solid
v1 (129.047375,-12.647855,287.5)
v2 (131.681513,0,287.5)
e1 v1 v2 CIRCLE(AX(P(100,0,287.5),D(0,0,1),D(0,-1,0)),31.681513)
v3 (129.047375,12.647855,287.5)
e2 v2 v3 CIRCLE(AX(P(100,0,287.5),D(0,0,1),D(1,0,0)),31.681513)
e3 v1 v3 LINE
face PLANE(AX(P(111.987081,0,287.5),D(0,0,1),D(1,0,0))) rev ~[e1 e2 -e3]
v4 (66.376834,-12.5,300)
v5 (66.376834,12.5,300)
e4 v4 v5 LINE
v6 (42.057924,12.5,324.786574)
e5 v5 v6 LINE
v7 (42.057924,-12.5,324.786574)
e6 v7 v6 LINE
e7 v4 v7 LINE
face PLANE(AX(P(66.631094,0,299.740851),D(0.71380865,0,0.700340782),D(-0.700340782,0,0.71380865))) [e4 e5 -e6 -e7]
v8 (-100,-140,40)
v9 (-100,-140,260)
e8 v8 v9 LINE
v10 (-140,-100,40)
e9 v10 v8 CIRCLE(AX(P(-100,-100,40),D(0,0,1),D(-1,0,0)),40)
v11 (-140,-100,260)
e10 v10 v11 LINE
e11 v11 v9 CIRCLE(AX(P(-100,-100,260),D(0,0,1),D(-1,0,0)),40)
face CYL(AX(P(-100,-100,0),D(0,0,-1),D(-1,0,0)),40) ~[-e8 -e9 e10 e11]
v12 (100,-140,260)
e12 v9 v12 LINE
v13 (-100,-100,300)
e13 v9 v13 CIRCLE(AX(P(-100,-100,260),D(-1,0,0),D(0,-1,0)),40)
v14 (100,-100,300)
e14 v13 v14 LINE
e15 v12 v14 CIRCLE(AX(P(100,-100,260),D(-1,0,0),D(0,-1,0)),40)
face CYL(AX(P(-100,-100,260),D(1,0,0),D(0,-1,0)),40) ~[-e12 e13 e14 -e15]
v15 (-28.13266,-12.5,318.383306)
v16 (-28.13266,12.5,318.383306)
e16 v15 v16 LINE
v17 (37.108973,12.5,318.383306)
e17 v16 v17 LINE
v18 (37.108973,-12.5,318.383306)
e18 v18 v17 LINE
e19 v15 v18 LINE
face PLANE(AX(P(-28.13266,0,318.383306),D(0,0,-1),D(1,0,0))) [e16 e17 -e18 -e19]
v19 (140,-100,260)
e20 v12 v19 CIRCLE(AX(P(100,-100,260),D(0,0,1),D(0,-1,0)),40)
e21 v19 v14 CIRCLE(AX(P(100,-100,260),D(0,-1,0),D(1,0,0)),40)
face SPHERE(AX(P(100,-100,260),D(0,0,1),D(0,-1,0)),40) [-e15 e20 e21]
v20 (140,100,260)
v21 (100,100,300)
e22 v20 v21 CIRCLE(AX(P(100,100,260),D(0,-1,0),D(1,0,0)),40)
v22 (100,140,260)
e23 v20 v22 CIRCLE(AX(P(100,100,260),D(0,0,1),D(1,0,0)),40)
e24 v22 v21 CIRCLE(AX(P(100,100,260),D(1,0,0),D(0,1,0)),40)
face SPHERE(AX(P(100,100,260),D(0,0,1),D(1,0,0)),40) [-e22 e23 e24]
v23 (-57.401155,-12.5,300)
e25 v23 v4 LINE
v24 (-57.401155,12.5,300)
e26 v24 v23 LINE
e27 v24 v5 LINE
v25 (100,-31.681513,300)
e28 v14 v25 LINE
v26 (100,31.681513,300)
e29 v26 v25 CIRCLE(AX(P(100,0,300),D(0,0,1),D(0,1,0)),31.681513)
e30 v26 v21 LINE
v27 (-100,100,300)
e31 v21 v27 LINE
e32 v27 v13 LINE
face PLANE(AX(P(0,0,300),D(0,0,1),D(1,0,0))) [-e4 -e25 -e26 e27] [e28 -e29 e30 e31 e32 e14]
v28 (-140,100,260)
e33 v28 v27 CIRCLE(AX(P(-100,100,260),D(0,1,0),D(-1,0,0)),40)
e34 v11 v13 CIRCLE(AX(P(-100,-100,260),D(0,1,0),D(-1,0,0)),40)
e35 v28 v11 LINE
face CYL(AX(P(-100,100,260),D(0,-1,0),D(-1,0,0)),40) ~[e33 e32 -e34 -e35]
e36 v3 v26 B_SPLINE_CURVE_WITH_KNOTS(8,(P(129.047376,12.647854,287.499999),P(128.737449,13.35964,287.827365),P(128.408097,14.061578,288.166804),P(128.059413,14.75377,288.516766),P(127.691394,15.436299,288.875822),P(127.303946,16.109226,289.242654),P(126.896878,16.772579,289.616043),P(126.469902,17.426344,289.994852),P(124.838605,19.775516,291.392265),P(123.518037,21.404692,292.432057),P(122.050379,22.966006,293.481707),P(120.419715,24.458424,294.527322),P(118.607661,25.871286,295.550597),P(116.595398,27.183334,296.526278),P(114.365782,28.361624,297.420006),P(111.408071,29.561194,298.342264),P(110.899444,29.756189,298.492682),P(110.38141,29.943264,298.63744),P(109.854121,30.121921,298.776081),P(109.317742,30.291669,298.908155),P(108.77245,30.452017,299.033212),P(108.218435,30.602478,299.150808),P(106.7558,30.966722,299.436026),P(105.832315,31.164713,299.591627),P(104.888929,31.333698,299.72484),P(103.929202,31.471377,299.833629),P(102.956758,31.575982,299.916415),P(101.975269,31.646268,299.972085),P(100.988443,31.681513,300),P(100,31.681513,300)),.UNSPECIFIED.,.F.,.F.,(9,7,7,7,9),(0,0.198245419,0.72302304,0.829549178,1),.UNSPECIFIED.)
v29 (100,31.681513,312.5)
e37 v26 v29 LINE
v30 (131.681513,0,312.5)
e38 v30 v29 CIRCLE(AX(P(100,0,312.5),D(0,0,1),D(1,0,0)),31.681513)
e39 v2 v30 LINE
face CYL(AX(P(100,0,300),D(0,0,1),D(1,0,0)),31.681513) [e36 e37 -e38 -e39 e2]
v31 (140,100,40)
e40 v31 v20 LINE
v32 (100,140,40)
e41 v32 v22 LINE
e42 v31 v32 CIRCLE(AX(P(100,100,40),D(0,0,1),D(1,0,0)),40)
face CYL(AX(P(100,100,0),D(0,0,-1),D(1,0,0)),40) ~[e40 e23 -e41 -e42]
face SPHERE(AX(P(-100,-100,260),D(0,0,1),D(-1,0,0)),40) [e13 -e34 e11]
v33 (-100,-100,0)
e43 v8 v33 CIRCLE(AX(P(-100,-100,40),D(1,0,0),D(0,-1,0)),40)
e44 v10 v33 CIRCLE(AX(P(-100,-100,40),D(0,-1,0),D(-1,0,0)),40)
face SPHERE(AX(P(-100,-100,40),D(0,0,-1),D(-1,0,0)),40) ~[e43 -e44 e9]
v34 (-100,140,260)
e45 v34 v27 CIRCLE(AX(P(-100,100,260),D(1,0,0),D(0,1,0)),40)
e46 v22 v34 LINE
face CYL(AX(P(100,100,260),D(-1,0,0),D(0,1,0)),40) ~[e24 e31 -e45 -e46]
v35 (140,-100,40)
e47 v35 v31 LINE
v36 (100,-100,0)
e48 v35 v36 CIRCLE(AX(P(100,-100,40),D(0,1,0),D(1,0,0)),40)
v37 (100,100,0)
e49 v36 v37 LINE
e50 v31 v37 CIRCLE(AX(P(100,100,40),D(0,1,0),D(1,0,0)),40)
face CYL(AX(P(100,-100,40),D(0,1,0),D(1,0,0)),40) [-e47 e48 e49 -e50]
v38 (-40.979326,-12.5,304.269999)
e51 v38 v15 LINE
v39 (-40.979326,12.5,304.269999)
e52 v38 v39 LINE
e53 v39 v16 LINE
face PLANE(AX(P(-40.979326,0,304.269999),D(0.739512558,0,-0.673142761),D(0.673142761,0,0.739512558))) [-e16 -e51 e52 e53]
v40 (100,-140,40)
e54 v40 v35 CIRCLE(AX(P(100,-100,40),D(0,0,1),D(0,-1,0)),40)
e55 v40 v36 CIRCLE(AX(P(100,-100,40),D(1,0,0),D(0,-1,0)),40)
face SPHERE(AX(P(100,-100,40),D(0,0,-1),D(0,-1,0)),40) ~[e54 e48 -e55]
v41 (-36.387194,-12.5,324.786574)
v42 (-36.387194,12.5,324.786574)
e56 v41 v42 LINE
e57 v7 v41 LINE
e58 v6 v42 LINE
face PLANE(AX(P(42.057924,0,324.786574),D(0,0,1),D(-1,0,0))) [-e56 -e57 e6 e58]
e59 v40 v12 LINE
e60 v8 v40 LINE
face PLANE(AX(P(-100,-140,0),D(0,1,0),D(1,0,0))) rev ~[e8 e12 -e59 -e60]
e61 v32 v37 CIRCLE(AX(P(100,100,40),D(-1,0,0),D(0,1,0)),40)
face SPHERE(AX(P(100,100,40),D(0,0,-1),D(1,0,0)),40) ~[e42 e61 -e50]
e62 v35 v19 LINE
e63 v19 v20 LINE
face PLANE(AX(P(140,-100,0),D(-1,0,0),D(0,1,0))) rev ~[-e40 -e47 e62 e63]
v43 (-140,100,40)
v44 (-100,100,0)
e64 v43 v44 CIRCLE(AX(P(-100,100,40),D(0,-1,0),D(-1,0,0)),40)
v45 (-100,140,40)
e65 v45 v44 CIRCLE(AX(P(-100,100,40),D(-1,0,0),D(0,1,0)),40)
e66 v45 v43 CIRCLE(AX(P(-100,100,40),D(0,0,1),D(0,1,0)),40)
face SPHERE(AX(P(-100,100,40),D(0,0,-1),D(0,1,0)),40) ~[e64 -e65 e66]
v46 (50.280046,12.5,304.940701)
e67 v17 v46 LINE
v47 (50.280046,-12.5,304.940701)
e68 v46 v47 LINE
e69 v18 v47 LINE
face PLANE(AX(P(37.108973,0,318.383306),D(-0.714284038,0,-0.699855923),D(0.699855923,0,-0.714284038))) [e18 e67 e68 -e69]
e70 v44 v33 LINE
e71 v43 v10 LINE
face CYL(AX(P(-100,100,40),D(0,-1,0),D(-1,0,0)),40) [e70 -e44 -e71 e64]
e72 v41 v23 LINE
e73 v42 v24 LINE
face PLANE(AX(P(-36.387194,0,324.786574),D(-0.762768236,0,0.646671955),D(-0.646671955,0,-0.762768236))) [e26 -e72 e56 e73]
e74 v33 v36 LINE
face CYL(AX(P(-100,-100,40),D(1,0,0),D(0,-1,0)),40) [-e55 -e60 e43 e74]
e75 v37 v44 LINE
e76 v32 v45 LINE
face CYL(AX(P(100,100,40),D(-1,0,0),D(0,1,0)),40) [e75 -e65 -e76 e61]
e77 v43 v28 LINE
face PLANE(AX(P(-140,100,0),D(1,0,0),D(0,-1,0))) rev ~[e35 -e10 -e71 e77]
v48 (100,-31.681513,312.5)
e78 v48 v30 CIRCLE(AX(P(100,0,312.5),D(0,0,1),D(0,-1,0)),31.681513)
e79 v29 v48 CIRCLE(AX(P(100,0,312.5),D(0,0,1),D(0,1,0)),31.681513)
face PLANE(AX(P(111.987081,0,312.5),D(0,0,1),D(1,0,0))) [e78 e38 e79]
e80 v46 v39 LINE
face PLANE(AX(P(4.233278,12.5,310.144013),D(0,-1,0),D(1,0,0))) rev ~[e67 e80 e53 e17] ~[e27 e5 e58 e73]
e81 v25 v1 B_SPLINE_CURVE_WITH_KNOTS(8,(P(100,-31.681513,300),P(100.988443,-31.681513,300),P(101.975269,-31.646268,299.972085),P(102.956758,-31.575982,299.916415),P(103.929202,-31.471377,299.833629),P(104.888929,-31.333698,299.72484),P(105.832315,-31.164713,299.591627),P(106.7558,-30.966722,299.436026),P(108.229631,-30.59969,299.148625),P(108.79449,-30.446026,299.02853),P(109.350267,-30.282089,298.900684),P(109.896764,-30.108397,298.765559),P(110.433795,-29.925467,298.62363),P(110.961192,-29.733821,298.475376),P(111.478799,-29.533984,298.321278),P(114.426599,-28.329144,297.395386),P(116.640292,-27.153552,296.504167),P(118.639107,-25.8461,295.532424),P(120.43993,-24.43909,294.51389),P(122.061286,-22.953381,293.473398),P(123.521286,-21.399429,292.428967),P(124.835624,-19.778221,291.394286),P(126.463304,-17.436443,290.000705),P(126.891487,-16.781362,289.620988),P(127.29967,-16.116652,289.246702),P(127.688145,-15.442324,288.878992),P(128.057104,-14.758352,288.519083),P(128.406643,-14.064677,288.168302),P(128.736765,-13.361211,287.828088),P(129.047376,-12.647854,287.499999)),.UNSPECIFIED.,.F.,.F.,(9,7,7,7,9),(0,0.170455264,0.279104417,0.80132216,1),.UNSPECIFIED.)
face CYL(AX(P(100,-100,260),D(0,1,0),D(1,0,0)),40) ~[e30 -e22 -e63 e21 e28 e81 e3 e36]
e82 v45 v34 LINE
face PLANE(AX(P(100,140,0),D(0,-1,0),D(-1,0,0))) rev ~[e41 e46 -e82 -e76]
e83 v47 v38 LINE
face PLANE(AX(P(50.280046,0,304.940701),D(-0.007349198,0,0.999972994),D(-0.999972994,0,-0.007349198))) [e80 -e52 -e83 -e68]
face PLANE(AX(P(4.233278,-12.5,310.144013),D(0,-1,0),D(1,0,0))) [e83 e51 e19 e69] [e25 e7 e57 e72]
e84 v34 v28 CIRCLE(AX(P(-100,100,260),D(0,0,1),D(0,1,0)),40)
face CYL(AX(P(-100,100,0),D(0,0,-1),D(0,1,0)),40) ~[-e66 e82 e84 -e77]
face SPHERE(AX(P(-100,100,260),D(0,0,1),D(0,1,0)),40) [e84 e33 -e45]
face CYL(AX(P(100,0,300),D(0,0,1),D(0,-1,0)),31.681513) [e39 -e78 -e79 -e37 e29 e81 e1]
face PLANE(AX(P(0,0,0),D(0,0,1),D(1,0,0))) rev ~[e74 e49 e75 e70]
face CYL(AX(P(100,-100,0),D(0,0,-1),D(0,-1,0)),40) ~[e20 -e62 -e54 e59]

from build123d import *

# Parameters (mm, degrees)
F1_DEPTH = 300
F2_R     = 40
F4_DEPTH = 12.5
F6_DEPTH = 12.5


with BuildPart() as f1:
    # F0 (on Top) → F1 (new body)
    with BuildSketch(Plane.XY):
        with BuildLine():
            ThreePointArc((140, 100), (128.2842712475, 128.2842712475), (100, 140))
            Line((100, 140), (-100, 140))
            ThreePointArc((-100, 140), (-128.2842712475, 128.2842712475), (-140, 100))
            Line((-140, 100), (-140, -100))
            ThreePointArc((-140, -100), (-128.2842712475, -128.2842712475), (-100, -140))
            Line((-100, -140), (100, -140))
            ThreePointArc((100, -140), (128.2842712475, -128.2842712475), (140, -100))
            Line((140, -100), (140, 100))
        make_face()
    extrude(amount=F1_DEPTH)

    # F2
    f2_edges = [f1.edges().sort_by_distance(p)[0] for p in [
        (128.284271, 128.284271, 300),
        (0, 140, 300),
        (-128.284271, 128.284271, 300),
        (-140, 0, 300),
        (-128.284271, -128.284271, 300),
        (0, -140, 300),
        (128.284271, -128.284271, 300),
        (140, 0, 300),
        (140, 0, 0),
    ]]
    fillet(f2_edges, radius=F2_R)

    # F3 (on face) → F4 (join, symmetric)
    with BuildSketch(Plane.XY.offset(300)):
        with BuildLine():
            ThreePointArc((100, -31.6815127242), (122.4022124856, -22.4022124855), (131.6815127242, 0))
            ThreePointArc((131.6815127242, 0), (122.4022124856, 22.4022124855), (100, 31.6815127242))
            Line((100, 31.6815127242), (100, -31.6815127242))
        make_face()
        with BuildLine():
            Line((100, -31.6815127242), (100, 31.6815127242))
            ThreePointArc((100, 31.6815127242), (68.3184872758, 0), (100, -31.6815127242))
        make_face()
    extrude(amount=F4_DEPTH, both=True)

    # F5 (on Front) → F6 (join, symmetric)
    with BuildSketch(Plane.XZ):
        Polygon((-36.387193948, 324.7865736485), (-57.6208606362, 299.7408509254), (66.6310936213, 299.7408509254), (42.0579239726, 324.7865736485), align=None)
        Polygon((50.280045718, 304.940700531), (-40.9793257713, 304.2699992657), (-28.1326603144, 318.3833062649), (37.1089726686, 318.3833062649), align=None, mode=Mode.SUBTRACT)
    extrude(amount=F6_DEPTH, both=True)


solid = f1.part
